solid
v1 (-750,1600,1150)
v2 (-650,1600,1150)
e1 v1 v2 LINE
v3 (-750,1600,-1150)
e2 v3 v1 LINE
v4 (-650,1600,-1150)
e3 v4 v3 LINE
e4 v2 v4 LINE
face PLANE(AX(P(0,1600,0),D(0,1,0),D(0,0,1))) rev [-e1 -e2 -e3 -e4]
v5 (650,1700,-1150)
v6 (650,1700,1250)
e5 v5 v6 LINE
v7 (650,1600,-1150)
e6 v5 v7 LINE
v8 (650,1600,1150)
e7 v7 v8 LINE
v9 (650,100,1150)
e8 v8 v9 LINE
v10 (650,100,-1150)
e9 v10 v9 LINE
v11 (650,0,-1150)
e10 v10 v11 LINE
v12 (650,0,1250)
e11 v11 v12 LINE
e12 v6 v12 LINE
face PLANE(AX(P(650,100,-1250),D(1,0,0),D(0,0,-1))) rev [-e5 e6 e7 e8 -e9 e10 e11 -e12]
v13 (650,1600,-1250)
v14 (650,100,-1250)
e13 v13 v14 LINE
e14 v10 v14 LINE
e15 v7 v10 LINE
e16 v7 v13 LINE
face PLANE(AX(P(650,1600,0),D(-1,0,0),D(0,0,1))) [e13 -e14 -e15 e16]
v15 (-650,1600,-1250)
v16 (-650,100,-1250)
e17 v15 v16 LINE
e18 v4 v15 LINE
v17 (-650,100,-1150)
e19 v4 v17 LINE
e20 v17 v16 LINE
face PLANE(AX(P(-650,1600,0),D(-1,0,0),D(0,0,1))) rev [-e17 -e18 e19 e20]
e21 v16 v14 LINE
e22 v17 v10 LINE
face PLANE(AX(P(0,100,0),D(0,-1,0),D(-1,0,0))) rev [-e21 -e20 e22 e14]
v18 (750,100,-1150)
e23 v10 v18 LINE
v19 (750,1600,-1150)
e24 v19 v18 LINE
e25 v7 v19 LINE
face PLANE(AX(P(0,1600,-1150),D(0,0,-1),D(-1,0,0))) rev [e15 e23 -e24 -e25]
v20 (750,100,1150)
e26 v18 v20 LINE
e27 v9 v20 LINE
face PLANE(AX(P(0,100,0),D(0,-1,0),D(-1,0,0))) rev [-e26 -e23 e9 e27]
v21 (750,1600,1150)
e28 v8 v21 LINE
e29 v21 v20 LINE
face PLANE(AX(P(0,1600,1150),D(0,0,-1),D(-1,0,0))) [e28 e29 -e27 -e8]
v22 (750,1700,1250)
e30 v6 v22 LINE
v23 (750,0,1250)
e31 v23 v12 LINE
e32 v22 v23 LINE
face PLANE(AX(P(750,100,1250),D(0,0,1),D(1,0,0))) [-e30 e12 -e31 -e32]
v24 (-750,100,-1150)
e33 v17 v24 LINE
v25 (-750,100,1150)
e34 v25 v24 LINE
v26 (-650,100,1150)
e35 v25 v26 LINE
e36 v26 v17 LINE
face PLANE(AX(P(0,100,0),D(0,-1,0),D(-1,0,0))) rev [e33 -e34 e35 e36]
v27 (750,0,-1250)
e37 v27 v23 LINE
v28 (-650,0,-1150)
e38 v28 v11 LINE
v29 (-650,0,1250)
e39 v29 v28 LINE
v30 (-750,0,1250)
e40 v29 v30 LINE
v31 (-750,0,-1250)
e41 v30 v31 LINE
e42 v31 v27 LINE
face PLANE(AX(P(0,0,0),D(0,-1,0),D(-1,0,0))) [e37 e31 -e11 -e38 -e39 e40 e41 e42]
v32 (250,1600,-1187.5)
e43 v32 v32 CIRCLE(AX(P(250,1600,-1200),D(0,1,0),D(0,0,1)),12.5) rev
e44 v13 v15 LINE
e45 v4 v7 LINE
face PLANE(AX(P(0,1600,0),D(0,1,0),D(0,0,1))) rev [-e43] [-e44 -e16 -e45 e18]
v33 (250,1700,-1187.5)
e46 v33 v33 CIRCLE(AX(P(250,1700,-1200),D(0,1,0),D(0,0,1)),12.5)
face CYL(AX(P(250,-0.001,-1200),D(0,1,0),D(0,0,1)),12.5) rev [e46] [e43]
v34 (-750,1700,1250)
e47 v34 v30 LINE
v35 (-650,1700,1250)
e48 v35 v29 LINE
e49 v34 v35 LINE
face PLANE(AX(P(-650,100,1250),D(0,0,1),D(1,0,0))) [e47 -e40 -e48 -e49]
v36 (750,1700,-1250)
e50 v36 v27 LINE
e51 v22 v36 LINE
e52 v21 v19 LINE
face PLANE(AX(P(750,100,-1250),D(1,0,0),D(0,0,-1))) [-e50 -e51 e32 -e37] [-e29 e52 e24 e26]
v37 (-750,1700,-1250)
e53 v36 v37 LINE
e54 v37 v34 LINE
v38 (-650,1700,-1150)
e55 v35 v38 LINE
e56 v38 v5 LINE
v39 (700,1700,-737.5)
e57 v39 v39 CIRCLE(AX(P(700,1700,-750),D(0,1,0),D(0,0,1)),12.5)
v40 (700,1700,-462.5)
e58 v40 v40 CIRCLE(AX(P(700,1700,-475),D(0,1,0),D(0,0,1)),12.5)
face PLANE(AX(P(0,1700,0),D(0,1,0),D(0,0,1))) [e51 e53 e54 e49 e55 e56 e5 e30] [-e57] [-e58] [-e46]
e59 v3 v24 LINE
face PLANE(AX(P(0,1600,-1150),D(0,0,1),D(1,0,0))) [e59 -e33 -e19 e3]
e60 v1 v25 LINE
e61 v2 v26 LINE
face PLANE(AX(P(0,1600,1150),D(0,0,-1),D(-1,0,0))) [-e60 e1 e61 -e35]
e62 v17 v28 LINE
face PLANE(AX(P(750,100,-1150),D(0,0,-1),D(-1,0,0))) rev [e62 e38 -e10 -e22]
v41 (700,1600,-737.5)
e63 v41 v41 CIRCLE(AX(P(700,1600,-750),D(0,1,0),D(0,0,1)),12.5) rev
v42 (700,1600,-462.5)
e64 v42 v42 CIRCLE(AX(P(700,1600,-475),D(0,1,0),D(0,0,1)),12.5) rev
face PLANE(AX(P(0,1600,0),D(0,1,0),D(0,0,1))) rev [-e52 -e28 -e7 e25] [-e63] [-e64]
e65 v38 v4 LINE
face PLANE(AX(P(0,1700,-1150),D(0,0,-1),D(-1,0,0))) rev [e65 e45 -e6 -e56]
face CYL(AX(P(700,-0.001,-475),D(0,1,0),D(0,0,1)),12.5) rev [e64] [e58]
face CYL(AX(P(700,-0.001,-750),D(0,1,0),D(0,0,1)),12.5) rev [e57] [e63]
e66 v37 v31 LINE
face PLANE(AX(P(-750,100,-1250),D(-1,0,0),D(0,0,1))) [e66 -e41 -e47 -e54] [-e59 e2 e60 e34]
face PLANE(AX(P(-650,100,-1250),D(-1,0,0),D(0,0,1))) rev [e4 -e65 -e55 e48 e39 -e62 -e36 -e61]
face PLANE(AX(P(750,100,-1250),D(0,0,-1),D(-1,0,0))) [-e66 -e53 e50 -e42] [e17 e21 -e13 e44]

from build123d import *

# Parameters (mm, degrees)
EXTRUDE_THIN1_DEPTH = 100
SKETCH3_W           = 100
SKETCH3_H           = 100
BOSS_EXTRUDE1_DEPTH = 1500
SKETCH5_W           = 100
SKETCH5_H           = 100
SKETCH5_H_2         = 2300
BOSS_EXTRUDE2_DEPTH = 100
CUT_EXTRUDE1_REACH  = 2241.42
SKETCH8_R           = 12.5
CUT_EXTRUDE2_REACH  = 2241.42
SKETCH9_R           = 12.5


with BuildPart() as part:
    # Sketch2 → Extrude-Thin1 (new body)
    with BuildSketch(Plane(origin=(0, 0, 0), x_dir=(1, 0, 0), z_dir=(0, 1, 0))):
        Polygon((750, -1250), (750, 1250), (-750, 1250), (-750, -1250), (-650, -1250), (-650, 1150), (650, 1150), (650, -1250), align=None)
    extrude(amount=EXTRUDE_THIN1_DEPTH)

    # Sketch3 → Boss-Extrude1 (add)
    with BuildSketch(Plane(origin=(0, 100, 0), x_dir=(1, 0, 0), z_dir=(0, 1, 0))):
        with Locations((700, 1200)):
            Rectangle(SKETCH3_W, SKETCH3_H)
        with Locations((-700, 1200)):
            Rectangle(SKETCH3_W, SKETCH3_H)
        with Locations((-700, -1200)):
            Rectangle(SKETCH3_W, SKETCH3_H)
        with Locations((700, -1200)):
            Rectangle(SKETCH3_W, SKETCH3_H)
    extrude(amount=BOSS_EXTRUDE1_DEPTH)

    # Sketch5 → Boss-Extrude2 (add)
    with BuildSketch(Plane(origin=(0, 1600, 0), x_dir=(1, 0, 0), z_dir=(0, 1, 0))):
        Polygon((-650, 1150), (650, 1150), (750, 1150), (750, 1250), (650, 1250), (-650, 1250), align=None)
        Polygon((-650, -1250), (-650, -1150), (-650, 1150), (-750, 1150), (-750, -1150), (-750, -1250), align=None)
        with Locations((-700, 1200)):
            Rectangle(SKETCH5_W, SKETCH5_H)
        with Locations((700, 0)):
            Rectangle(SKETCH5_W, SKETCH5_H_2)
        with Locations((700, -1200)):
            Rectangle(SKETCH5_W, SKETCH5_H)
    extrude(amount=BOSS_EXTRUDE2_DEPTH)

    # Sketch8 → Cut-Extrude1 (cut, up to next)
    with BuildSketch(Plane(origin=(0, 1700, 0), x_dir=(1, 0, 0), z_dir=(0, 1, 0)), mode=Mode.PRIVATE) as cut_extrude1_sk1:
        with Locations(Location((700, 750, 0), (0, 0, 270))):
            Circle(SKETCH8_R)
    cut_extrude1_tool1 = extrude(cut_extrude1_sk1.sketch, amount=-CUT_EXTRUDE1_REACH, mode=Mode.PRIVATE) & part.part
    # Sketch8 → Cut-Extrude1 (cut, up to next)
    with BuildSketch(Plane(origin=(0, 1700, 0), x_dir=(1, 0, 0), z_dir=(0, 1, 0)), mode=Mode.PRIVATE) as cut_extrude1_sk2:
        with Locations(Location((250, 1200, 0), (0, 0, 270))):
            Circle(SKETCH8_R)
    cut_extrude1_tool2 = extrude(cut_extrude1_sk2.sketch, amount=-CUT_EXTRUDE1_REACH, mode=Mode.PRIVATE) & part.part
    add(cut_extrude1_tool1.solids().sort_by_distance((700, 1700, -750))[0], mode=Mode.SUBTRACT)
    add(cut_extrude1_tool2.solids().sort_by_distance((250, 1700, -1200))[0], mode=Mode.SUBTRACT)

    # Sketch9 → Cut-Extrude2 (cut, up to next)
    with BuildSketch(Plane(origin=(0, 1700, 0), x_dir=(1, 0, 0), z_dir=(0, 1, 0)), mode=Mode.PRIVATE) as cut_extrude2_sk1:
        with Locations(Location((700, 475, 0), (0, 0, 270))):
            Circle(SKETCH9_R)
    cut_extrude2_tool1 = extrude(cut_extrude2_sk1.sketch, amount=-CUT_EXTRUDE2_REACH, mode=Mode.PRIVATE) & part.part
    add(cut_extrude2_tool1.solids().sort_by_distance((700, 1700, -475))[0], mode=Mode.SUBTRACT)


solid = part.part
